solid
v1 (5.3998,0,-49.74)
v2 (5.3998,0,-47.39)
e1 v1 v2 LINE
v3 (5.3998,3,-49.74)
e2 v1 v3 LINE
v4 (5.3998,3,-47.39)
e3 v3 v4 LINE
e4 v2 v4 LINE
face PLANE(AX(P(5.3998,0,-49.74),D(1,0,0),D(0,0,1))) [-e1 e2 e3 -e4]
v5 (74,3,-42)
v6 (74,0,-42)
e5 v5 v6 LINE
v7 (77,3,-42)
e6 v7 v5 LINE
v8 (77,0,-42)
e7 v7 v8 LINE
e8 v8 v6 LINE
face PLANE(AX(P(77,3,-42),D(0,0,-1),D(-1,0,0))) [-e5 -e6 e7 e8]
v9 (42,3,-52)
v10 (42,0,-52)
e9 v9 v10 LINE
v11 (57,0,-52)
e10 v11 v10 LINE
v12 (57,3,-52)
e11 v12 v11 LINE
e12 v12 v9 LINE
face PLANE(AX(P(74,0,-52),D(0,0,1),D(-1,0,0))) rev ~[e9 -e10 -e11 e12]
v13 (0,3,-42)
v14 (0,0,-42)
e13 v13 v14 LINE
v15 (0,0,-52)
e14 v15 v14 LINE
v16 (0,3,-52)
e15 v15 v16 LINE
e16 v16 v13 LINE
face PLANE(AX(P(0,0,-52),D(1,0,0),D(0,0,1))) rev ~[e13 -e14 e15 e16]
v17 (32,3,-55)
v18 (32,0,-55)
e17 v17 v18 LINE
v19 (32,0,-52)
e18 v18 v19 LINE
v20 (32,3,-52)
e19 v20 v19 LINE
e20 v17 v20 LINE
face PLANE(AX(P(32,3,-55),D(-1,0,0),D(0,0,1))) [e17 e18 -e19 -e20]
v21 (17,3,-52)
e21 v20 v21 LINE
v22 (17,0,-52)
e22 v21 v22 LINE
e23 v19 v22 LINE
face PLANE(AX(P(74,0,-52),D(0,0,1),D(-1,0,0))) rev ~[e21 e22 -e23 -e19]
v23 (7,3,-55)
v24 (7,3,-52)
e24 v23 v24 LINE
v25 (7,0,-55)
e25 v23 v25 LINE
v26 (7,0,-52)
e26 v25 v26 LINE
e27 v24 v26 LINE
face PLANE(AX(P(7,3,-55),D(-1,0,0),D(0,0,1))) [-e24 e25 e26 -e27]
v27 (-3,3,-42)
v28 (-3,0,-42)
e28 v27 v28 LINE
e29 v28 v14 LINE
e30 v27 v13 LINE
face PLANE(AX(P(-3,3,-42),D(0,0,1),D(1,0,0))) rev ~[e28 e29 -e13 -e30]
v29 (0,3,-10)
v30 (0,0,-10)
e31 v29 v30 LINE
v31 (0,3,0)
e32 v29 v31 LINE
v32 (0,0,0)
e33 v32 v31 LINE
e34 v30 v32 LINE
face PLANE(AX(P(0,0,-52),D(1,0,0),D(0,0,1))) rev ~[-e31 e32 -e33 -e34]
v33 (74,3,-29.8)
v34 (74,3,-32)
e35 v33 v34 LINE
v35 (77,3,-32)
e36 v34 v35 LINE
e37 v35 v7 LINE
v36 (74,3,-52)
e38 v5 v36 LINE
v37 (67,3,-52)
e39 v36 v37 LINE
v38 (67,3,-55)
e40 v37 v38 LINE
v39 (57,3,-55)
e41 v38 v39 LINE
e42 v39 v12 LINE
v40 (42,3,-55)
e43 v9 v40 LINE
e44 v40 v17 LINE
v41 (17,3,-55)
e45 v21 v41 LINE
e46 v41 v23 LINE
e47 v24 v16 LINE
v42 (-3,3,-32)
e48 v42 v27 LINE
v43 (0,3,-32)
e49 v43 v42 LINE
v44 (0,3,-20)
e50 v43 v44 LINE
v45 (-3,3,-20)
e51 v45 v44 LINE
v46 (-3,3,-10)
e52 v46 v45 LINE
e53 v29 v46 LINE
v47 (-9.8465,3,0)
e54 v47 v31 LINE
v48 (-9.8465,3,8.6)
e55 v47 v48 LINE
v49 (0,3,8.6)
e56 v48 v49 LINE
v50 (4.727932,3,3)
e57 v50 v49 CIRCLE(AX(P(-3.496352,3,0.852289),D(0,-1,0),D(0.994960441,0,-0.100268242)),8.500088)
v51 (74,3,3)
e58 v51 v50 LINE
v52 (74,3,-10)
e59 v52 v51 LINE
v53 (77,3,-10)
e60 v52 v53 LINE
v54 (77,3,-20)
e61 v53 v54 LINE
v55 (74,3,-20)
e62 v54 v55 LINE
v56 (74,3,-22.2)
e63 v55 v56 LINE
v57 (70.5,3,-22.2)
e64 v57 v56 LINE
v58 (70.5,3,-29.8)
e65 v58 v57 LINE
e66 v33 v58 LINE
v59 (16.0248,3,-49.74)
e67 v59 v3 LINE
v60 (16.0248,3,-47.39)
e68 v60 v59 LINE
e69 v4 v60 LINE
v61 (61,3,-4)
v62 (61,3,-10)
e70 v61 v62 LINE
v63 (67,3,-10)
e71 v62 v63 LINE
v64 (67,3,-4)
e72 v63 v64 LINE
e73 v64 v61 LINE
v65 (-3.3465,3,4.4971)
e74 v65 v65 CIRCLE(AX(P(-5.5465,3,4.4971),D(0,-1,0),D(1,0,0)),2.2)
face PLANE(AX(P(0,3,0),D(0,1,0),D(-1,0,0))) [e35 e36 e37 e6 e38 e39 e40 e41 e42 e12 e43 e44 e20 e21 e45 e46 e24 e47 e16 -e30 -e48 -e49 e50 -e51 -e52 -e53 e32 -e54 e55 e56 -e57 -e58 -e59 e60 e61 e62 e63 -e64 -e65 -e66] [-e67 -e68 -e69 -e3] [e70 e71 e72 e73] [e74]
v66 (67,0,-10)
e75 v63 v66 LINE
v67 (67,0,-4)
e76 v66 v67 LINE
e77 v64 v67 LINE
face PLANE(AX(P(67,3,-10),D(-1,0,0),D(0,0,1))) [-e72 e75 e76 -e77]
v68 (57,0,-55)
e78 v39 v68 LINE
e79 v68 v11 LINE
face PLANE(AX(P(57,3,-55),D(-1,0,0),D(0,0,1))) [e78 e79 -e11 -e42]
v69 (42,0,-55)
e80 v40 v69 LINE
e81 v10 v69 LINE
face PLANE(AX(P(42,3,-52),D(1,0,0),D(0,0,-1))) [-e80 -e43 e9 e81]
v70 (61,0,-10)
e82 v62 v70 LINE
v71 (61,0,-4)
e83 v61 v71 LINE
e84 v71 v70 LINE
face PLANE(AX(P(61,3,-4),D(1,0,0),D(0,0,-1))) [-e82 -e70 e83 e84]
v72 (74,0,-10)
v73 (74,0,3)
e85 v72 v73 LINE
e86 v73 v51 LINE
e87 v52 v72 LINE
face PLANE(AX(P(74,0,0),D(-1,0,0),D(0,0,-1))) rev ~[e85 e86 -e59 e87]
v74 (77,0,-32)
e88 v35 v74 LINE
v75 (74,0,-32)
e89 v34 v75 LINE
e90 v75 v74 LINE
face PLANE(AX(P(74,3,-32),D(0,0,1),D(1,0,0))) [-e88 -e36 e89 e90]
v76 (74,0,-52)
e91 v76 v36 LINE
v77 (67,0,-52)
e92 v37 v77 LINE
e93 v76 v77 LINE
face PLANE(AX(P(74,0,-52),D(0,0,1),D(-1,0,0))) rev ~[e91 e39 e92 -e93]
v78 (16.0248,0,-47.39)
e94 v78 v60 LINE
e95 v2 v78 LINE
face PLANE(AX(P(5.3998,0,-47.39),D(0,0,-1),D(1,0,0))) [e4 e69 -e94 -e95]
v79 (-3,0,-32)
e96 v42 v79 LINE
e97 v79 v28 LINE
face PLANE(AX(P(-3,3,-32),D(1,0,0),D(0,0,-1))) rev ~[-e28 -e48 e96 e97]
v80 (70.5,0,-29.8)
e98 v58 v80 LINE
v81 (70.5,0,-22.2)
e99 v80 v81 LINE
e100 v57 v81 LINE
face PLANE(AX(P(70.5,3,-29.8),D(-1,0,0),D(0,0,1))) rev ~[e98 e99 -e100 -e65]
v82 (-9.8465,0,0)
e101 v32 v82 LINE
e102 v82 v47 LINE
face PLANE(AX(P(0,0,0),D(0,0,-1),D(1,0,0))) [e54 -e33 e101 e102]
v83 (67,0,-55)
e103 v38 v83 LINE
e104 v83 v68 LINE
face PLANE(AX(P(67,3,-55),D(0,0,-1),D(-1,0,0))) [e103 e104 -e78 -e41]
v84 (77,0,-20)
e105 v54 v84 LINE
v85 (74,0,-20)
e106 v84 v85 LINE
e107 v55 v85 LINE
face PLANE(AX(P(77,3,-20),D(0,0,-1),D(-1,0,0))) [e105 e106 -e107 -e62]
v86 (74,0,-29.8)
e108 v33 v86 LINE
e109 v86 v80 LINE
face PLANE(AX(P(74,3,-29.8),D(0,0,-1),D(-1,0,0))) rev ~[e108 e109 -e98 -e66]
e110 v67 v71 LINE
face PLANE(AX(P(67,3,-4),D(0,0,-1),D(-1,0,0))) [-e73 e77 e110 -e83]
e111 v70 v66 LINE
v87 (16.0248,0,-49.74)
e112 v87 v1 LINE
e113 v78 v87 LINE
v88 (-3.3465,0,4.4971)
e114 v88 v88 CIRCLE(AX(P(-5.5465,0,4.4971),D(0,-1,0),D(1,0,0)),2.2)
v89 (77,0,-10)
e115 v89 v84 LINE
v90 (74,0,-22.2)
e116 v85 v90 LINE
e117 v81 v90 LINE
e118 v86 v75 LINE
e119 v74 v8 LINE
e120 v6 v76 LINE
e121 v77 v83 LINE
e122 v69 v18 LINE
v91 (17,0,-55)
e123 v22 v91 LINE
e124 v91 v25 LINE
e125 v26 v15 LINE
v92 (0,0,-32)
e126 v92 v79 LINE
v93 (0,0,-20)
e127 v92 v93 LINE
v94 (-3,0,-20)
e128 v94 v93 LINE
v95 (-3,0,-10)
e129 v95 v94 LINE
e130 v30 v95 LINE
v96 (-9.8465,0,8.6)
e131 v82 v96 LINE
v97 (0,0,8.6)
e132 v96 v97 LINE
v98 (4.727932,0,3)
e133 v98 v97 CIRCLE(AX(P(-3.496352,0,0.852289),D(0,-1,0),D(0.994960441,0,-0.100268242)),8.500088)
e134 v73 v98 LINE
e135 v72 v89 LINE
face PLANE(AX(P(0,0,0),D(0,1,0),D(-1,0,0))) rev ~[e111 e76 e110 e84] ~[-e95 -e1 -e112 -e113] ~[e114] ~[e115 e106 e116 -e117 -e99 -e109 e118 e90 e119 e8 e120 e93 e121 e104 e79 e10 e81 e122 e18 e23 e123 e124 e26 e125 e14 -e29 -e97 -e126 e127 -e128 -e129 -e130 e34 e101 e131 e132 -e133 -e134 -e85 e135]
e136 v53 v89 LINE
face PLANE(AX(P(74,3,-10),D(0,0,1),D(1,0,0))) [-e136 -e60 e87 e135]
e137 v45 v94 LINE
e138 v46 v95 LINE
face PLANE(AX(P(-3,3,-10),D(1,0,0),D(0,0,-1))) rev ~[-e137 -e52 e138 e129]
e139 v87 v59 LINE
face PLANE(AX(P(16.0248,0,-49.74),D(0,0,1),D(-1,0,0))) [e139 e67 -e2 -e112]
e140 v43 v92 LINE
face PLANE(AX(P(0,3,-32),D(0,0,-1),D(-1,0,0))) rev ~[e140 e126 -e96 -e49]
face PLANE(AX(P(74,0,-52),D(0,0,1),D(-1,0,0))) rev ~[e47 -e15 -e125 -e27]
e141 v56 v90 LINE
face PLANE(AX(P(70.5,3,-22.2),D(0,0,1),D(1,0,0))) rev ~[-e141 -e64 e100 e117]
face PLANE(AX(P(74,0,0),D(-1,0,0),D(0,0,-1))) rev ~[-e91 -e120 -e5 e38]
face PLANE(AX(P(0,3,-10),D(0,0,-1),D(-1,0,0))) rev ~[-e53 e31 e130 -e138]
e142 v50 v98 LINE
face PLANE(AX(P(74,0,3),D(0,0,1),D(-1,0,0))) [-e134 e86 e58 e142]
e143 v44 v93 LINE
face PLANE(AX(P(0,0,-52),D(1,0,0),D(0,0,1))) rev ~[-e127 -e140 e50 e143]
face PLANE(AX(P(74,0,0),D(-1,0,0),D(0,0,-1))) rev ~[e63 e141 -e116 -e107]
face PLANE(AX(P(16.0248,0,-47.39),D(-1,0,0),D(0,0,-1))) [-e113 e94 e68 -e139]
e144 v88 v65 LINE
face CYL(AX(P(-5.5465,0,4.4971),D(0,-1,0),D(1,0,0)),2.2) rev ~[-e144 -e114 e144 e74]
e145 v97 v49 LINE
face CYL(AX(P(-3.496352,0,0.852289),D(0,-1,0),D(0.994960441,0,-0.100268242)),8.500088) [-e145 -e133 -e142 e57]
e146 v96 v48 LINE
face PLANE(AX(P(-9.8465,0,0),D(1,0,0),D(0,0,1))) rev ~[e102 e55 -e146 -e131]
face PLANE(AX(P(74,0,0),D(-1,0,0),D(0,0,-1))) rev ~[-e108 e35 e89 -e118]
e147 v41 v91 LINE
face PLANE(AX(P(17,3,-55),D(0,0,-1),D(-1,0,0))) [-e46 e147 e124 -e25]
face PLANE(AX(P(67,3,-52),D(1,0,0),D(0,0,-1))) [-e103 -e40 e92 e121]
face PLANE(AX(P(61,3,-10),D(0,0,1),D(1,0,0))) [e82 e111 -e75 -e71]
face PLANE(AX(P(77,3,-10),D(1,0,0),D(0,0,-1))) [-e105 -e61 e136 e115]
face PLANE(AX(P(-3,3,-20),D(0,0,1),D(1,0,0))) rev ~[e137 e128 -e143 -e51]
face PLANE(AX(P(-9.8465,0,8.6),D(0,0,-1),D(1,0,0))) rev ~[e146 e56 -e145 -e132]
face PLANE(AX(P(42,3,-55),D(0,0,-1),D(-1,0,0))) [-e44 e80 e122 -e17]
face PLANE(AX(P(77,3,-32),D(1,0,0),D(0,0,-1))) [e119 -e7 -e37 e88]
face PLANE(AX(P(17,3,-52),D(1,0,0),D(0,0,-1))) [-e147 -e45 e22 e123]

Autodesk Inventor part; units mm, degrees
ref_plane "YZ Plane" through (0, 0, 0) normal (1, 0, 0) x (0, 1, 0)
ref_plane "XZ Plane" through (0, 0, 0) normal (0, 1, 0) x (-1, 0, 0)
ref_plane "XY Plane" through (0, 0, 0) normal (0, 0, 1) x (1, 0, 0)
sketch "Esboço1" plane through (0, 0, 0) normal (0, 1, 0) x (-1, 0, 0)
  line L0 (0, 0) -> (-74, 0)
  line L1 (-74, 0) -> (-74, -52)
  line L2 (-74, -52) -> (0, -52)
  line L3 (0, -52) -> (0, 0)
  line L4 (-6.0465, -39.0348) -> (-22.7965, -39.0348)
  line L5 (-22.7965, -39.0348) -> (-22.7965, -36.6698)
  line L6 (-22.7965, -36.6698) -> (-6.0465, -36.6698)
  line L7 (-6.0465, -36.6698) -> (-6.0465, -39.0348)
  dimension "d0" = 74
  dimension "d1" = 52
  dimension "d22" = 16.75
  dimension "d23" = 2.365
extrude "Extrusão1" add sketch "Esboço1" along normal blind 3 contours L3 L2 L1 L0 | L4 L5 L6 L7
sketch "Esboço2" plane through (0, 3, 0) normal (0, 1, 0) x (1, 0, 0)
  line L0 (0, 0) -> (74, 0) projected
  line L1 (0, 52) -> (0, 0) projected
  line L2 (74, 52) -> (0, 52) projected
  line L3 (7, 52) -> (17, 52)
  line L4 (17, 52) -> (17, 55)
  line L5 (17, 55) -> (7, 55)
  line L6 (7, 55) -> (7, 52)
  line L7 (32, 52) -> (42, 52)
  line L8 (42, 52) -> (42, 55)
  line L9 (42, 55) -> (32, 55)
  line L10 (32, 55) -> (32, 52)
  line L11 (57, 52) -> (67, 52)
  line L12 (67, 52) -> (67, 55)
  line L13 (67, 55) -> (57, 55)
  line L14 (57, 55) -> (57, 52)
  line L15 (74, 0) -> (74, 52) projected
  point P0 (17, 52)
  point P1 (67, 52)
  point P2 (42, 52)
  point P3 (74, 26)
  point P4 (32, 53.5)
  point P5 (17, 53.5)
  point P6 (7, 53.5)
  point P7 (67, 53.5)
  point P8 (42, 53.5)
  point P9 (57, 53.5)
  dimension "d13" = 3
  dimension "d40" = 7
  dimension "d41" = 7
  dimension "d43" = 10
  dimension "d46" = 10
  dimension "d52" = 10
  dimension "d54" = 40
  dimension "d55" = 15
extrude "Extrusão2" add sketch "Esboço2" against normal blind 3 contours L6 L5 L4 L2 | L2 L14 L13 L12 | L10 L9 L8 L2
sketch "Esboço4" plane through (0, 0, 0) normal (0, -1, 0) x (1, 0, 0)
  line L0 (16.0248, -49.74) -> (5.3998, -49.74)
  line L1 (5.3998, -49.74) -> (5.3998, -47.39)
  line L2 (5.3998, -47.39) -> (16.0248, -47.39)
  line L3 (16.0248, -47.39) -> (16.0248, -49.74)
  line L4 (7, -52) -> (0, -52) projected
  point P0 (0, 0)
  dimension "d24" = 10.625
  dimension "d25" = 2.35
  dimension "d120" = 2.26
extrude "Extrusão3" cut sketch "Esboço4" against normal blind 3
sketch "Esboço5" plane through (0, 3, 0) normal (0, 1, 0) x (1, 0, 0)
  line L0 (70.5, 22.2) -> (74, 22.2)
  line L1 (74, 22.2) -> (74, 29.8)
  line L2 (74, 29.8) -> (70.5, 29.8)
  line L3 (70.5, 29.8) -> (70.5, 22.2)
  line L4 (74, 0) -> (74, 52) projected
  line L5 (74, 52) -> (67, 52) projected
  point P0 (0, 0)
  point P1 (74, 26)
  point P2 (72.25, 29.8)
  dimension "d47" = 3.5
  dimension "d48" = 7.6
  dimension "d51" = 0
  dimension "d79" = 22.2
extrude "Extrusão4" cut sketch "Esboço5" against normal blind 10
sketch "Esboço6" plane through (0, 3, 0) normal (0, 1, 0) x (1, 0, 0)
  line L0 (0, 10) -> (-3, 10)
  line L1 (-3, 10) -> (-3, 20)
  line L2 (-3, 20) -> (0, 20)
  line L3 (0, 20) -> (0, 10)
  line L4 (0, 32) -> (-3, 32)
  line L5 (-3, 32) -> (-3, 42)
  line L6 (-3, 42) -> (0, 42)
  line L7 (0, 42) -> (0, 32)
  line L8 (7, 52) -> (0, 52) projected
  line L9 (0, 0) -> (74, 0) projected
  line L10 (74, 52) -> (67, 52) projected
  line L11 (0, 0) -> (74, 0) projected
  line L12 (74, 0) -> (74, 22.2) projected
  line L13 (74, 10) -> (77, 10)
  line L14 (77, 10) -> (77, 20)
  line L15 (77, 20) -> (74, 20)
  line L16 (74, 20) -> (74, 10)
  line L17 (74, 29.8) -> (74, 52) projected
  line L18 (74, 32) -> (77, 32)
  line L19 (77, 32) -> (77, 42)
  line L20 (77, 42) -> (74, 42)
  line L21 (74, 42) -> (74, 32)
  point P0 (-1.5, 42)
  point P1 (7, 0)
  point P2 (-1.5, 10)
  point P3 (67, 0)
  point P4 (75.5, 10)
  dimension "d62" = 3
  dimension "d63" = 10
  dimension "d64" = 3
  dimension "d65" = 10
  dimension "d66" = 10
  dimension "d67" = 10
  dimension "d74" = 3
  dimension "d75" = 10
  dimension "d76" = 10
extrude "Extrusão5" add sketch "Esboço6" against normal blind 3
sketch "Esboço8" plane through (0, 0, 0) normal (0, -1, 0) x (1, 0, 0)
  line L0 (0, 0) -> (74, 0) projected
  line L1 (4.9609, 0) -> (-9.8465, 0)
  line L2 (-9.8465, 0) -> (-9.8465, 8.6)
  line L3 (0, -10) -> (0, 0) projected
  circle A0 centre (-5.5465, 4.4971) radius 2.2
  line L4 (-9.8465, 8.6) -> (0, 8.6)
  line L5 (0, 8.6) -> (0, 0)
  line L6 (0, 0) -> (-9.8465, 0)
  line L7 (-9.8465, 0) -> (-9.8465, 8.6)
  arc A1 (4.9609, 0) -> (0, 8.6) centre (-3.4963, 0.8523) ccw
  point P0 (0, 4.3)
  point P1 (-4.9233, 8.6)
  dimension "d100" = 8.6
  dimension "d102" = 4.4
  dimension "d104" = 4.3
  dimension "d121" = 8.5
  dimension "d123" = 4.15
  dimension "d124" = 5.55
  dimension "d128" = 9.8465
  dimension "d130" = 9.8465
extrude "Extrusão7" add sketch "Esboço8" against normal blind 3
sketch "Esboço11" plane through (0, 0, 0) normal (0, -1, 0) x (1, 0, 0)
  line L0 (0, 0) -> (74, 0)
  line L1 (74, 0) -> (74, 3)
  line L2 (74, 3) -> (0, 3)
  line L3 (0, 3) -> (0, 0)
  dimension "d129" = 3
extrude "Extrusão9" add sketch "Esboço11" against normal blind 3
sketch "Esboço12" plane through (0, 3, 0) normal (0, 1, 0) x (1, 0, 0)
  line L0 (67, 4) -> (61, 4)
  line L1 (61, 4) -> (61, 10)
  line L2 (61, 10) -> (67, 10)
  line L3 (67, 10) -> (67, 4)
  line L4 (4.728, -3) -> (74, -3) projected
  line L5 (74, -3) -> (74, 10) projected
  line L6 (74, 10) -> (77, 10) projected
  point P0 (0, 0)
  point P1 (64, 4)
  point P2 (67, 7)
  point P3 (75.5, 10)
  dimension "d131" = 6
  dimension "d132" = 6
  dimension "d134" = 7
  dimension "d135" = 0
extrude "Extrusão10" cut sketch "Esboço12" against normal blind 10
equation "\"d55\" = -0.5 * d43 + 0.5 * d54"
properties part number "Parede_HX711"
